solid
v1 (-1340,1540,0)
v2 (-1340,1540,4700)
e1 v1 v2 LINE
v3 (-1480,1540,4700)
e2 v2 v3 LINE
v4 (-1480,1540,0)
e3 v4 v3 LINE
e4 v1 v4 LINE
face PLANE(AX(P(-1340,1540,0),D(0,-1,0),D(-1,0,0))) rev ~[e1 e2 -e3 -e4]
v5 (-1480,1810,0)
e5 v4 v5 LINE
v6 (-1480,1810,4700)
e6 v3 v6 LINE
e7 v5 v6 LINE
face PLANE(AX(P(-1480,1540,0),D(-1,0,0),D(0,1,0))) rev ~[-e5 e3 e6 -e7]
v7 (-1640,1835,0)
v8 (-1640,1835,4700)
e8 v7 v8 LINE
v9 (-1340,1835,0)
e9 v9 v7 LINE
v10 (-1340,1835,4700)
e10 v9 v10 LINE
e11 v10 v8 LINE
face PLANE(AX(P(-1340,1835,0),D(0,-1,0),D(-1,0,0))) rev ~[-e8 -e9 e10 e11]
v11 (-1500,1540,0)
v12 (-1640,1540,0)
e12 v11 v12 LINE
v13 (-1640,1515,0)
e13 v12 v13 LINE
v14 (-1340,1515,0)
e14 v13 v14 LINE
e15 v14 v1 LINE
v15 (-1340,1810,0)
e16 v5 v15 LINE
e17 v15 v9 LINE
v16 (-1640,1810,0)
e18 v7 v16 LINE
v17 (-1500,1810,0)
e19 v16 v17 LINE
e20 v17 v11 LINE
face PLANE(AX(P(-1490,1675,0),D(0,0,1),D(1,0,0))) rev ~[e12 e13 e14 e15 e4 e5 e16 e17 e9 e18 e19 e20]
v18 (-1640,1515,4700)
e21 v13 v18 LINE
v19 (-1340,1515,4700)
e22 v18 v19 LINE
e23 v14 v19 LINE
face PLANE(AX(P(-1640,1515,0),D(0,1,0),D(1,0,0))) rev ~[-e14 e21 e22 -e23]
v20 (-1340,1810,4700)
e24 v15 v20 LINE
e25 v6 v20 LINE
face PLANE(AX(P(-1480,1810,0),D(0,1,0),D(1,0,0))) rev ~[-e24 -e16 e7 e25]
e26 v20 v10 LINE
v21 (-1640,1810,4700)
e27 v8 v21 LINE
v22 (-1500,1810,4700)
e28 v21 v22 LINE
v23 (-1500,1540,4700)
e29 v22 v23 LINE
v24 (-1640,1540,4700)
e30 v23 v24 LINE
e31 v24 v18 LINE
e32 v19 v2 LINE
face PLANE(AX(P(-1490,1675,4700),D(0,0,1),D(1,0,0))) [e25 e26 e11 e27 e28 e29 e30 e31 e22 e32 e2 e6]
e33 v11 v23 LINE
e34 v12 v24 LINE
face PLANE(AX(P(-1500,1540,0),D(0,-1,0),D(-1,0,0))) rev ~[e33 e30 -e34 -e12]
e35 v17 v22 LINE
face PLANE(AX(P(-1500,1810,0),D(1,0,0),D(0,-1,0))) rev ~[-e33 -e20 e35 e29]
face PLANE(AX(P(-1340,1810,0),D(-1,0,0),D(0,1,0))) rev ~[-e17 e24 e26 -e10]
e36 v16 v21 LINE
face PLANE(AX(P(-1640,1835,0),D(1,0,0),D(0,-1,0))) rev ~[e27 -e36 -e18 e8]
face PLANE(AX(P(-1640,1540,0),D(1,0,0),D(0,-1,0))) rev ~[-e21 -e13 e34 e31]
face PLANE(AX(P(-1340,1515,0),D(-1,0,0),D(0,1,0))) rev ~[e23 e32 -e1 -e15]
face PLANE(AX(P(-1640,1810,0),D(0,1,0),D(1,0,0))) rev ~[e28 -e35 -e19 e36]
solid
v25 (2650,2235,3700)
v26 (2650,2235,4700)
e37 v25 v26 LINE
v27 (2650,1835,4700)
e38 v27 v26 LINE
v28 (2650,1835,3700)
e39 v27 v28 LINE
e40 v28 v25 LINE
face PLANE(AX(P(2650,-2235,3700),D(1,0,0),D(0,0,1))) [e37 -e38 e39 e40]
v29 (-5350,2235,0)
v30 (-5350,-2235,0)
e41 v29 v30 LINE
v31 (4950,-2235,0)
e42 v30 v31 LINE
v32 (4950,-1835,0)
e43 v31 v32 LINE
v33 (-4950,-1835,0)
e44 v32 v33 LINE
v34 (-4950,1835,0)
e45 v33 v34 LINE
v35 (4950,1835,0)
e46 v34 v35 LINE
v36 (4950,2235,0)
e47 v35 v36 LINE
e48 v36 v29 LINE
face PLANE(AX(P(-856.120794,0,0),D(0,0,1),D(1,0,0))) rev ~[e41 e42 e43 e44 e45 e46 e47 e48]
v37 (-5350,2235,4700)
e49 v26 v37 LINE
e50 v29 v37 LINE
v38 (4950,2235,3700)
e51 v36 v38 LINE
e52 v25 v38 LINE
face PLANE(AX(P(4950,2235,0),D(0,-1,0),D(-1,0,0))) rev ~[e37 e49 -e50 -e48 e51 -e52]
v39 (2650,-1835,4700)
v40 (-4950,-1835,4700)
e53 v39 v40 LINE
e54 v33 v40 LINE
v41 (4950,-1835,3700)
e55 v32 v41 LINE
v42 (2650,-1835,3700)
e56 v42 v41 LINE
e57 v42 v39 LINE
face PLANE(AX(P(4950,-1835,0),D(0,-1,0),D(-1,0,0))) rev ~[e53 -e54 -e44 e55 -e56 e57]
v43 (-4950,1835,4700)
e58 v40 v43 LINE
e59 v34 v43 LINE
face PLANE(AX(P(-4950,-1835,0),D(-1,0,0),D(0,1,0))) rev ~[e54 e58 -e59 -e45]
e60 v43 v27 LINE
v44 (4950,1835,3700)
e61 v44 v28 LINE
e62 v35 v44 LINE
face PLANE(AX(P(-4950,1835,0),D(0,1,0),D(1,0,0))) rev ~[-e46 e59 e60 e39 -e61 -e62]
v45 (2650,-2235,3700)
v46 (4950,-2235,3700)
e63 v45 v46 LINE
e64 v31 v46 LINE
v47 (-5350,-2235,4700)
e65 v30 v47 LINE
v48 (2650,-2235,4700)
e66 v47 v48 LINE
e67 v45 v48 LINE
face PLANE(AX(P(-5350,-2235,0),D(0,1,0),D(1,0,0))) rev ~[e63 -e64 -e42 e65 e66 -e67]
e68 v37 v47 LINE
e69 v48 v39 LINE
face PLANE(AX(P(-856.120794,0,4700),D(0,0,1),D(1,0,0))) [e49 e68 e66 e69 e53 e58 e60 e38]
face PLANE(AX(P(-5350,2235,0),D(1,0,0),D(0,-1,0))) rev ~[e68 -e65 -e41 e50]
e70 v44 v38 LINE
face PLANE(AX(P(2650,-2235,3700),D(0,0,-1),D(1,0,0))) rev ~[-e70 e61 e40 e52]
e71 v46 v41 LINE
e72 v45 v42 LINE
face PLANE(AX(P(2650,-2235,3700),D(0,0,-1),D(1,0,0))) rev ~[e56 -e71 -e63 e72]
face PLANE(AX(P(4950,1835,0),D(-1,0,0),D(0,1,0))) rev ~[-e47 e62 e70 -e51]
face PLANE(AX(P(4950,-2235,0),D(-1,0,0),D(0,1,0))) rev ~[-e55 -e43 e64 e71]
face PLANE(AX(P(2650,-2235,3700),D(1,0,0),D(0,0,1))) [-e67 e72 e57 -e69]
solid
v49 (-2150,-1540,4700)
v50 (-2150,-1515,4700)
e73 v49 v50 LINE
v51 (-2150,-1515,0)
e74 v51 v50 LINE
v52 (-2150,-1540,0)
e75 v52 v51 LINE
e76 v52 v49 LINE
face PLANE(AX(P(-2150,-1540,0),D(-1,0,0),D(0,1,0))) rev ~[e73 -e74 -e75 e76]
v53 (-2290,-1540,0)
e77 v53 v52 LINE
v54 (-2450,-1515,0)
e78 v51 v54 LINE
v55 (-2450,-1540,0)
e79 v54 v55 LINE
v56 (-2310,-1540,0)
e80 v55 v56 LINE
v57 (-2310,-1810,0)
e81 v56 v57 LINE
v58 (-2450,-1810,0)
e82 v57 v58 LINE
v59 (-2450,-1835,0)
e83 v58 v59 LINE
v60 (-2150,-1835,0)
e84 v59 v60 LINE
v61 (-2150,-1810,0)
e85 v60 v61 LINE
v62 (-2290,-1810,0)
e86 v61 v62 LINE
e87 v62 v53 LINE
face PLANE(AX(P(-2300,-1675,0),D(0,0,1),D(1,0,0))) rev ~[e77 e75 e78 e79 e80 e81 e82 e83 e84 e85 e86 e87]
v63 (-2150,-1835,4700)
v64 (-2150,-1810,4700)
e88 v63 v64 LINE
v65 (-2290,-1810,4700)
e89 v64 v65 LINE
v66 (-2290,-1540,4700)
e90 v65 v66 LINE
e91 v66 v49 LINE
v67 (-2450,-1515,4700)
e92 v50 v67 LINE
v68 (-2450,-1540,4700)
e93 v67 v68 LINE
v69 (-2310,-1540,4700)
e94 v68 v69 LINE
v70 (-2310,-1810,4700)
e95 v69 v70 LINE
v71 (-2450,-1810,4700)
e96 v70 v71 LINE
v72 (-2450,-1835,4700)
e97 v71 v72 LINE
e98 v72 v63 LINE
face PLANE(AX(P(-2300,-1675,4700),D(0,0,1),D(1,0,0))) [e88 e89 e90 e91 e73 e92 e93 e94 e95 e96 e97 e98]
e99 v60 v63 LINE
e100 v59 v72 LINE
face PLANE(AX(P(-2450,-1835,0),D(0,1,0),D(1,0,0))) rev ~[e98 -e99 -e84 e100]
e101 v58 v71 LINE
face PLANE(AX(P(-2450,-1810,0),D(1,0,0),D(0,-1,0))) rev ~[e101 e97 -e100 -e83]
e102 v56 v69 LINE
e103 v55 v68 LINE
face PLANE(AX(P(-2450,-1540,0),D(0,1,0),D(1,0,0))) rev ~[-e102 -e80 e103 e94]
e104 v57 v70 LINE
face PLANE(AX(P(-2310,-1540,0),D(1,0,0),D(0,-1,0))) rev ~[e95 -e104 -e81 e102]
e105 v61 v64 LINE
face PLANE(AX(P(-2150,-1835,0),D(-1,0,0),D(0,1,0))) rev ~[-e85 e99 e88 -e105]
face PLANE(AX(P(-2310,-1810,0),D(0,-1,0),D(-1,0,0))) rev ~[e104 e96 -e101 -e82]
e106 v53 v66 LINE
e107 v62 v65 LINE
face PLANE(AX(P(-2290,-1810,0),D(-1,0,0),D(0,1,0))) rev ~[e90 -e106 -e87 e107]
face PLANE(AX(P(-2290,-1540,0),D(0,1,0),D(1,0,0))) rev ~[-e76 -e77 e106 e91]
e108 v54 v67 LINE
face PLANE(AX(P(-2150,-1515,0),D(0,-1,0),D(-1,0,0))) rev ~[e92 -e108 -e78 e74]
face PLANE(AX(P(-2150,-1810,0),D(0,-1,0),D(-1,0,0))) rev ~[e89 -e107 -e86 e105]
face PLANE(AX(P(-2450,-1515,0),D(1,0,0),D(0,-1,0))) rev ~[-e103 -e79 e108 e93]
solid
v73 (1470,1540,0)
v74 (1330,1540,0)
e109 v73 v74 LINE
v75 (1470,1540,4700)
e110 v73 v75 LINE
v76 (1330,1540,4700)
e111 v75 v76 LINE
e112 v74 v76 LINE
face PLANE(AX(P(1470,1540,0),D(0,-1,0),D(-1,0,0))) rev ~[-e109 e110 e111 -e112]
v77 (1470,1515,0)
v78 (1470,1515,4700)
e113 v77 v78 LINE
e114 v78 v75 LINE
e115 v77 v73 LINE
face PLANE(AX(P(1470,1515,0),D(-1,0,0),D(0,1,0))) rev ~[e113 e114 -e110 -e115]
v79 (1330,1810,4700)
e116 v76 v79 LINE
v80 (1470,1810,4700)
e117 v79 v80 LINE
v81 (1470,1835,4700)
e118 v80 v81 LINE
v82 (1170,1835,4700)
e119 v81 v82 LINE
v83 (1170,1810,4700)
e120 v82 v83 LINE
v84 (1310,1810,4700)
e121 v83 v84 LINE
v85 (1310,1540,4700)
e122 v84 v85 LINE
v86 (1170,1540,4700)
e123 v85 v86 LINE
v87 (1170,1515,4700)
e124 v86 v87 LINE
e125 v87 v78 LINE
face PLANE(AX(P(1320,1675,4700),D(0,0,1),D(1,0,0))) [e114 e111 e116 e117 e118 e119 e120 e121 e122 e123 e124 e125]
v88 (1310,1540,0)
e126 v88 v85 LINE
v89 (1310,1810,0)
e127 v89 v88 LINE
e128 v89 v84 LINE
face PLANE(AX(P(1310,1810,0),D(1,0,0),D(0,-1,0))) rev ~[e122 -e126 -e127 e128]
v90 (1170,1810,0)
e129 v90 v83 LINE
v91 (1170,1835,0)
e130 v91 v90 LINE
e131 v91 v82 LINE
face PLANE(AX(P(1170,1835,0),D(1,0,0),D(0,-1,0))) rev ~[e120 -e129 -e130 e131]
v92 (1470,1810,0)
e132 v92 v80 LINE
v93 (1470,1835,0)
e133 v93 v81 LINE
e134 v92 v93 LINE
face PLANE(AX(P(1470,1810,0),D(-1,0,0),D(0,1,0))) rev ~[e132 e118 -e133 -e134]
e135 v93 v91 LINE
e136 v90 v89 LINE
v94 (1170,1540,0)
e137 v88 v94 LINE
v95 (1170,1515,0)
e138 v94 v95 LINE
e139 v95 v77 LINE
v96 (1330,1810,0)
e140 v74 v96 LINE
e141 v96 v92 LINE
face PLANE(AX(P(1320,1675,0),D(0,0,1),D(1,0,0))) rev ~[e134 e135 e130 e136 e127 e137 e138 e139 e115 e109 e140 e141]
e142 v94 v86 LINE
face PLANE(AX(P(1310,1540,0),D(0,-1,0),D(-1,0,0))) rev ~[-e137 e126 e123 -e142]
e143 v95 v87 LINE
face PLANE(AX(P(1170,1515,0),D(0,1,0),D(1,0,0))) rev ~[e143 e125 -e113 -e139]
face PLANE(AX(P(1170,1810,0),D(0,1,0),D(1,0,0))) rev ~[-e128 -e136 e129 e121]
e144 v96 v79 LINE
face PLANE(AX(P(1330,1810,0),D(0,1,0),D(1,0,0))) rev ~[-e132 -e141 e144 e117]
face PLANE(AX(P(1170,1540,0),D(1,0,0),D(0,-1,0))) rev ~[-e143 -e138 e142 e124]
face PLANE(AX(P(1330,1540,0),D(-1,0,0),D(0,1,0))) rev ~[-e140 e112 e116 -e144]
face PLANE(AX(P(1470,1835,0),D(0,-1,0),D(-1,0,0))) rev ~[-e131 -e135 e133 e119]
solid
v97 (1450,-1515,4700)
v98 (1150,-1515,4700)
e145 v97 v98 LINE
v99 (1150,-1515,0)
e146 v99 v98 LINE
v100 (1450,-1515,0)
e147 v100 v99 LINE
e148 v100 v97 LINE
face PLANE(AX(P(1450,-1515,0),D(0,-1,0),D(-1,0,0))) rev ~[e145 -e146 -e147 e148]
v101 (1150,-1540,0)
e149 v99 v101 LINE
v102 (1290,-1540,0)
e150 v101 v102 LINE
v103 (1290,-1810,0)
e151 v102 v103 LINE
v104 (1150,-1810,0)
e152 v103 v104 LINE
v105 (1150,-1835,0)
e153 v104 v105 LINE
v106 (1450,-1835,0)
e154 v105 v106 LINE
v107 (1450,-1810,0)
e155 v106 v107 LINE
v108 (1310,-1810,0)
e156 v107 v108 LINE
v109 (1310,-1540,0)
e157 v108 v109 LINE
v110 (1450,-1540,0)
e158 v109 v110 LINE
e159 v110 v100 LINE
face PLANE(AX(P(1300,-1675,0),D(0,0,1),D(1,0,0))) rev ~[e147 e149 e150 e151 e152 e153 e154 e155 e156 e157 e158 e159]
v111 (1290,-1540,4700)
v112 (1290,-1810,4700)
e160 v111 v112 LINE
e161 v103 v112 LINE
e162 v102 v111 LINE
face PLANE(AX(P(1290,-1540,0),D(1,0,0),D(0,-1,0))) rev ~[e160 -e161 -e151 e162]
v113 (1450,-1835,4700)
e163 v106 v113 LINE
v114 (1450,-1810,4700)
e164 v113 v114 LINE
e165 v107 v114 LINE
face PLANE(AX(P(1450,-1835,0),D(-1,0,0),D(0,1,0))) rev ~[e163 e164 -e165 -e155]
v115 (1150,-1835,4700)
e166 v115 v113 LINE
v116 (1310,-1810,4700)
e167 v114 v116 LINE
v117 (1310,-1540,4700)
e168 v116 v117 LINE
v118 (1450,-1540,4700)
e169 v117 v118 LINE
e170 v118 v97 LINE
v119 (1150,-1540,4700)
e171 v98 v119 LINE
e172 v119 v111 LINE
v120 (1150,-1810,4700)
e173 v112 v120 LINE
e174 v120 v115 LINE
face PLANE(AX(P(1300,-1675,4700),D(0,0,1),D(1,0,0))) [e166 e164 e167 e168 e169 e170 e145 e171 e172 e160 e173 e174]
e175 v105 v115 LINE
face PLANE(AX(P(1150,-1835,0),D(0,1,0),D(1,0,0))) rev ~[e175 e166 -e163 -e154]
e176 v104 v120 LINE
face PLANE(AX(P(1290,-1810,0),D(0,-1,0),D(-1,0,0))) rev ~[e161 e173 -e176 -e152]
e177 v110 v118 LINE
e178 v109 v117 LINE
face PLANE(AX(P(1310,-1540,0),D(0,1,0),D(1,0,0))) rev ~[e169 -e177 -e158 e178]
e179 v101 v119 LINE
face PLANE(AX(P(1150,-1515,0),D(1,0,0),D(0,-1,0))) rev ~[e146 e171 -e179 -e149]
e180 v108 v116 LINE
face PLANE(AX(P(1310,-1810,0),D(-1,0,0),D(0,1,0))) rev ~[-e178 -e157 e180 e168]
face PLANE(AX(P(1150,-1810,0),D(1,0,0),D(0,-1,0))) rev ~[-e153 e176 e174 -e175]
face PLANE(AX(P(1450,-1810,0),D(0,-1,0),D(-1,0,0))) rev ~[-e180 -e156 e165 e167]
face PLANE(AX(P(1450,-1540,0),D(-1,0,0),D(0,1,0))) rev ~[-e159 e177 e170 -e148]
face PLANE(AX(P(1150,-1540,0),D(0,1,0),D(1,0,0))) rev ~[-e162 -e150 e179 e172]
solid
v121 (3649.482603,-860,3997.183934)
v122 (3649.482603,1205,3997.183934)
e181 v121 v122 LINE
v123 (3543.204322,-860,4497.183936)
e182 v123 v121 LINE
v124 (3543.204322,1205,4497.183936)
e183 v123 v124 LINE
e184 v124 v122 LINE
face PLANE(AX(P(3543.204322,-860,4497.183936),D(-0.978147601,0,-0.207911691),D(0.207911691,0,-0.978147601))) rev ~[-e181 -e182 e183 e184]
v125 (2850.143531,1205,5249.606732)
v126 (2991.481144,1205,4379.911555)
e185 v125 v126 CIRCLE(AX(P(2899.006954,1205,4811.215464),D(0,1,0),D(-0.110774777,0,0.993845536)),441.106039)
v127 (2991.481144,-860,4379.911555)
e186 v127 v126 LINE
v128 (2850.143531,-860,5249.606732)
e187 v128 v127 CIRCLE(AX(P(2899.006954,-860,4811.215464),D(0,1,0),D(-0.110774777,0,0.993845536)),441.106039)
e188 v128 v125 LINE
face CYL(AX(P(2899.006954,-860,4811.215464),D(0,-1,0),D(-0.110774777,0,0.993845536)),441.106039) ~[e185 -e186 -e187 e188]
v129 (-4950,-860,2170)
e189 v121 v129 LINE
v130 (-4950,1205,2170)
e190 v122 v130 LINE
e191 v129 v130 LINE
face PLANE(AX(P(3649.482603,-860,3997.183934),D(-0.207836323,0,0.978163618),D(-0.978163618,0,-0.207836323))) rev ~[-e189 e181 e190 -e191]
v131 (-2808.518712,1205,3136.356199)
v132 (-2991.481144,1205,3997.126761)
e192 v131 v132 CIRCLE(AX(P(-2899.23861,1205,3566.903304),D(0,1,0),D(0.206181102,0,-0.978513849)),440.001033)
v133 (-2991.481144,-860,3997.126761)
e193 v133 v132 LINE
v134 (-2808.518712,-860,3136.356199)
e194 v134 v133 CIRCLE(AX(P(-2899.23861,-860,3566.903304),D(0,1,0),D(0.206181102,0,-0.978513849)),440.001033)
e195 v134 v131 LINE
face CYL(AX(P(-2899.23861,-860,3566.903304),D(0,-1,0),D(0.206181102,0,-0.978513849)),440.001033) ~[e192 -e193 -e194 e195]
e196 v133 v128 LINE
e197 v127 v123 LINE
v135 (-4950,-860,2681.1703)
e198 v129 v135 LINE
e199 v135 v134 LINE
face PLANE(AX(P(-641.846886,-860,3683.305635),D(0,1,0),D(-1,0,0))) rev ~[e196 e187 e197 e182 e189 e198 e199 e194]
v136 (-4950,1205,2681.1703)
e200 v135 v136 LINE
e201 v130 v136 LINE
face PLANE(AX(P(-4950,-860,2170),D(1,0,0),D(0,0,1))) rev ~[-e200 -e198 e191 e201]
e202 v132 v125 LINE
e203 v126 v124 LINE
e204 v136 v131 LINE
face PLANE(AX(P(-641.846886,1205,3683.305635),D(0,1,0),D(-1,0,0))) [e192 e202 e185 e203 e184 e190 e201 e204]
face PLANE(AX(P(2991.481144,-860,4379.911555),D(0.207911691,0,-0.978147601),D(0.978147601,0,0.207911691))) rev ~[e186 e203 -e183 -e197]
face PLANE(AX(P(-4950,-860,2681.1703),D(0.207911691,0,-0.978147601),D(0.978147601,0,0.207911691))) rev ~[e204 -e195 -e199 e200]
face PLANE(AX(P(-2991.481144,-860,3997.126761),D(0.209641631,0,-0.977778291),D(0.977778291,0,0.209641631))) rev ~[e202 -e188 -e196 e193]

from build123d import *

# Parameters (mm, degrees)
F1_DEPTH = 4700
F2_W     = 2300
F2_H     = 1000
F3_DEPTH = 4470.001
F6_DEPTH = 2065
F8_DEPTH = 4700


with BuildPart() as f1:
    # F0 (on Top) → F1 (new body)
    with BuildSketch(Plane.XY):
        Polygon((-4950, 1835), (4950, 1835), (4950, 2235), (-5350, 2235), (-5350, -2235), (4950, -2235), (4950, -1835), (-4950, -1835), align=None)
    extrude(amount=F1_DEPTH)

    # F2 (on face) → F3 (cut, through all)
    with BuildSketch(Plane.XZ.offset(2235)):
        with Locations((3800, 4200)):
            Rectangle(F2_W, F2_H)
    extrude(amount=-F3_DEPTH, mode=Mode.SUBTRACT)


with BuildPart() as f6:
    # F5 (on offset) → F6 (new body)
    with BuildSketch(Plane(origin=(0, -860, 0), x_dir=(-1, 0, 0), z_dir=(0, 1, 0))):
        with BuildLine():
            ThreePointArc((2808.51871225, 3136.3561994048), (3329.6245641025, 3475.421944552), (2991.4811439593, 3997.1267612645))
            Line((2991.4811439593, 3997.1267612645), (-2850.1435312752, 5249.6067315466))
            ThreePointArc((-2850.1435312752, 5249.6067315466), (-3334.4009139264, 4881.9730629905), (-2991.4811439592, 4379.9115545338))
            Line((-2991.4811439592, 4379.9115545338), (-3543.2043215449, 4497.183936155))
            Line((-3543.2043215449, 4497.183936155), (-3649.4826029137, 3997.1839336437))
            Line((-3649.4826029137, 3997.1839336437), (4950, 2170))
            Line((4950, 2170), (4950, 2681.1703))
            Line((4950, 2681.1703), (2808.51871225, 3136.3561994048))
        make_face()
    extrude(amount=F6_DEPTH)


with BuildPart() as f8:
    # F7 (on Top) → F8 (new body)
    with BuildSketch(Plane.XY):
        Polygon((-2450, -1810), (-2450, -1835), (-2150, -1835), (-2150, -1810), (-2290, -1810), (-2290, -1540), (-2150, -1540), (-2150, -1515), (-2450, -1515), (-2450, -1540), (-2310, -1540), (-2310, -1810), align=None)
    extrude(amount=F8_DEPTH)


with BuildPart() as f8b:
    # F7 (on Top) → F8, piece 2 (new body)
    with BuildSketch(Plane.XY):
        Polygon((1150, -1515), (1150, -1540), (1290, -1540), (1290, -1810), (1150, -1810), (1150, -1835), (1450, -1835), (1450, -1810), (1310, -1810), (1310, -1540), (1450, -1540), (1450, -1515), align=None)
    extrude(amount=F8_DEPTH)


with BuildPart() as f8c:
    # F7 (on Top) → F8, piece 3 (new body)
    with BuildSketch(Plane.XY):
        Polygon((-1640, 1540), (-1640, 1515), (-1340, 1515), (-1340, 1540), (-1480, 1540), (-1480, 1810), (-1340, 1810), (-1340, 1835), (-1640, 1835), (-1640, 1810), (-1500, 1810), (-1500, 1540), align=None)
    extrude(amount=F8_DEPTH)


with BuildPart() as f8d:
    # F7 (on Top) → F8, piece 4 (new body)
    with BuildSketch(Plane.XY):
        Polygon((1170, 1540), (1170, 1515), (1470, 1515), (1470, 1540), (1330, 1540), (1330, 1810), (1470, 1810), (1470, 1835), (1170, 1835), (1170, 1810), (1310, 1810), (1310, 1540), align=None)
    extrude(amount=F8_DEPTH)


solid = Compound([f1.part, f6.part, f8.part, f8b.part, f8c.part, f8d.part])
